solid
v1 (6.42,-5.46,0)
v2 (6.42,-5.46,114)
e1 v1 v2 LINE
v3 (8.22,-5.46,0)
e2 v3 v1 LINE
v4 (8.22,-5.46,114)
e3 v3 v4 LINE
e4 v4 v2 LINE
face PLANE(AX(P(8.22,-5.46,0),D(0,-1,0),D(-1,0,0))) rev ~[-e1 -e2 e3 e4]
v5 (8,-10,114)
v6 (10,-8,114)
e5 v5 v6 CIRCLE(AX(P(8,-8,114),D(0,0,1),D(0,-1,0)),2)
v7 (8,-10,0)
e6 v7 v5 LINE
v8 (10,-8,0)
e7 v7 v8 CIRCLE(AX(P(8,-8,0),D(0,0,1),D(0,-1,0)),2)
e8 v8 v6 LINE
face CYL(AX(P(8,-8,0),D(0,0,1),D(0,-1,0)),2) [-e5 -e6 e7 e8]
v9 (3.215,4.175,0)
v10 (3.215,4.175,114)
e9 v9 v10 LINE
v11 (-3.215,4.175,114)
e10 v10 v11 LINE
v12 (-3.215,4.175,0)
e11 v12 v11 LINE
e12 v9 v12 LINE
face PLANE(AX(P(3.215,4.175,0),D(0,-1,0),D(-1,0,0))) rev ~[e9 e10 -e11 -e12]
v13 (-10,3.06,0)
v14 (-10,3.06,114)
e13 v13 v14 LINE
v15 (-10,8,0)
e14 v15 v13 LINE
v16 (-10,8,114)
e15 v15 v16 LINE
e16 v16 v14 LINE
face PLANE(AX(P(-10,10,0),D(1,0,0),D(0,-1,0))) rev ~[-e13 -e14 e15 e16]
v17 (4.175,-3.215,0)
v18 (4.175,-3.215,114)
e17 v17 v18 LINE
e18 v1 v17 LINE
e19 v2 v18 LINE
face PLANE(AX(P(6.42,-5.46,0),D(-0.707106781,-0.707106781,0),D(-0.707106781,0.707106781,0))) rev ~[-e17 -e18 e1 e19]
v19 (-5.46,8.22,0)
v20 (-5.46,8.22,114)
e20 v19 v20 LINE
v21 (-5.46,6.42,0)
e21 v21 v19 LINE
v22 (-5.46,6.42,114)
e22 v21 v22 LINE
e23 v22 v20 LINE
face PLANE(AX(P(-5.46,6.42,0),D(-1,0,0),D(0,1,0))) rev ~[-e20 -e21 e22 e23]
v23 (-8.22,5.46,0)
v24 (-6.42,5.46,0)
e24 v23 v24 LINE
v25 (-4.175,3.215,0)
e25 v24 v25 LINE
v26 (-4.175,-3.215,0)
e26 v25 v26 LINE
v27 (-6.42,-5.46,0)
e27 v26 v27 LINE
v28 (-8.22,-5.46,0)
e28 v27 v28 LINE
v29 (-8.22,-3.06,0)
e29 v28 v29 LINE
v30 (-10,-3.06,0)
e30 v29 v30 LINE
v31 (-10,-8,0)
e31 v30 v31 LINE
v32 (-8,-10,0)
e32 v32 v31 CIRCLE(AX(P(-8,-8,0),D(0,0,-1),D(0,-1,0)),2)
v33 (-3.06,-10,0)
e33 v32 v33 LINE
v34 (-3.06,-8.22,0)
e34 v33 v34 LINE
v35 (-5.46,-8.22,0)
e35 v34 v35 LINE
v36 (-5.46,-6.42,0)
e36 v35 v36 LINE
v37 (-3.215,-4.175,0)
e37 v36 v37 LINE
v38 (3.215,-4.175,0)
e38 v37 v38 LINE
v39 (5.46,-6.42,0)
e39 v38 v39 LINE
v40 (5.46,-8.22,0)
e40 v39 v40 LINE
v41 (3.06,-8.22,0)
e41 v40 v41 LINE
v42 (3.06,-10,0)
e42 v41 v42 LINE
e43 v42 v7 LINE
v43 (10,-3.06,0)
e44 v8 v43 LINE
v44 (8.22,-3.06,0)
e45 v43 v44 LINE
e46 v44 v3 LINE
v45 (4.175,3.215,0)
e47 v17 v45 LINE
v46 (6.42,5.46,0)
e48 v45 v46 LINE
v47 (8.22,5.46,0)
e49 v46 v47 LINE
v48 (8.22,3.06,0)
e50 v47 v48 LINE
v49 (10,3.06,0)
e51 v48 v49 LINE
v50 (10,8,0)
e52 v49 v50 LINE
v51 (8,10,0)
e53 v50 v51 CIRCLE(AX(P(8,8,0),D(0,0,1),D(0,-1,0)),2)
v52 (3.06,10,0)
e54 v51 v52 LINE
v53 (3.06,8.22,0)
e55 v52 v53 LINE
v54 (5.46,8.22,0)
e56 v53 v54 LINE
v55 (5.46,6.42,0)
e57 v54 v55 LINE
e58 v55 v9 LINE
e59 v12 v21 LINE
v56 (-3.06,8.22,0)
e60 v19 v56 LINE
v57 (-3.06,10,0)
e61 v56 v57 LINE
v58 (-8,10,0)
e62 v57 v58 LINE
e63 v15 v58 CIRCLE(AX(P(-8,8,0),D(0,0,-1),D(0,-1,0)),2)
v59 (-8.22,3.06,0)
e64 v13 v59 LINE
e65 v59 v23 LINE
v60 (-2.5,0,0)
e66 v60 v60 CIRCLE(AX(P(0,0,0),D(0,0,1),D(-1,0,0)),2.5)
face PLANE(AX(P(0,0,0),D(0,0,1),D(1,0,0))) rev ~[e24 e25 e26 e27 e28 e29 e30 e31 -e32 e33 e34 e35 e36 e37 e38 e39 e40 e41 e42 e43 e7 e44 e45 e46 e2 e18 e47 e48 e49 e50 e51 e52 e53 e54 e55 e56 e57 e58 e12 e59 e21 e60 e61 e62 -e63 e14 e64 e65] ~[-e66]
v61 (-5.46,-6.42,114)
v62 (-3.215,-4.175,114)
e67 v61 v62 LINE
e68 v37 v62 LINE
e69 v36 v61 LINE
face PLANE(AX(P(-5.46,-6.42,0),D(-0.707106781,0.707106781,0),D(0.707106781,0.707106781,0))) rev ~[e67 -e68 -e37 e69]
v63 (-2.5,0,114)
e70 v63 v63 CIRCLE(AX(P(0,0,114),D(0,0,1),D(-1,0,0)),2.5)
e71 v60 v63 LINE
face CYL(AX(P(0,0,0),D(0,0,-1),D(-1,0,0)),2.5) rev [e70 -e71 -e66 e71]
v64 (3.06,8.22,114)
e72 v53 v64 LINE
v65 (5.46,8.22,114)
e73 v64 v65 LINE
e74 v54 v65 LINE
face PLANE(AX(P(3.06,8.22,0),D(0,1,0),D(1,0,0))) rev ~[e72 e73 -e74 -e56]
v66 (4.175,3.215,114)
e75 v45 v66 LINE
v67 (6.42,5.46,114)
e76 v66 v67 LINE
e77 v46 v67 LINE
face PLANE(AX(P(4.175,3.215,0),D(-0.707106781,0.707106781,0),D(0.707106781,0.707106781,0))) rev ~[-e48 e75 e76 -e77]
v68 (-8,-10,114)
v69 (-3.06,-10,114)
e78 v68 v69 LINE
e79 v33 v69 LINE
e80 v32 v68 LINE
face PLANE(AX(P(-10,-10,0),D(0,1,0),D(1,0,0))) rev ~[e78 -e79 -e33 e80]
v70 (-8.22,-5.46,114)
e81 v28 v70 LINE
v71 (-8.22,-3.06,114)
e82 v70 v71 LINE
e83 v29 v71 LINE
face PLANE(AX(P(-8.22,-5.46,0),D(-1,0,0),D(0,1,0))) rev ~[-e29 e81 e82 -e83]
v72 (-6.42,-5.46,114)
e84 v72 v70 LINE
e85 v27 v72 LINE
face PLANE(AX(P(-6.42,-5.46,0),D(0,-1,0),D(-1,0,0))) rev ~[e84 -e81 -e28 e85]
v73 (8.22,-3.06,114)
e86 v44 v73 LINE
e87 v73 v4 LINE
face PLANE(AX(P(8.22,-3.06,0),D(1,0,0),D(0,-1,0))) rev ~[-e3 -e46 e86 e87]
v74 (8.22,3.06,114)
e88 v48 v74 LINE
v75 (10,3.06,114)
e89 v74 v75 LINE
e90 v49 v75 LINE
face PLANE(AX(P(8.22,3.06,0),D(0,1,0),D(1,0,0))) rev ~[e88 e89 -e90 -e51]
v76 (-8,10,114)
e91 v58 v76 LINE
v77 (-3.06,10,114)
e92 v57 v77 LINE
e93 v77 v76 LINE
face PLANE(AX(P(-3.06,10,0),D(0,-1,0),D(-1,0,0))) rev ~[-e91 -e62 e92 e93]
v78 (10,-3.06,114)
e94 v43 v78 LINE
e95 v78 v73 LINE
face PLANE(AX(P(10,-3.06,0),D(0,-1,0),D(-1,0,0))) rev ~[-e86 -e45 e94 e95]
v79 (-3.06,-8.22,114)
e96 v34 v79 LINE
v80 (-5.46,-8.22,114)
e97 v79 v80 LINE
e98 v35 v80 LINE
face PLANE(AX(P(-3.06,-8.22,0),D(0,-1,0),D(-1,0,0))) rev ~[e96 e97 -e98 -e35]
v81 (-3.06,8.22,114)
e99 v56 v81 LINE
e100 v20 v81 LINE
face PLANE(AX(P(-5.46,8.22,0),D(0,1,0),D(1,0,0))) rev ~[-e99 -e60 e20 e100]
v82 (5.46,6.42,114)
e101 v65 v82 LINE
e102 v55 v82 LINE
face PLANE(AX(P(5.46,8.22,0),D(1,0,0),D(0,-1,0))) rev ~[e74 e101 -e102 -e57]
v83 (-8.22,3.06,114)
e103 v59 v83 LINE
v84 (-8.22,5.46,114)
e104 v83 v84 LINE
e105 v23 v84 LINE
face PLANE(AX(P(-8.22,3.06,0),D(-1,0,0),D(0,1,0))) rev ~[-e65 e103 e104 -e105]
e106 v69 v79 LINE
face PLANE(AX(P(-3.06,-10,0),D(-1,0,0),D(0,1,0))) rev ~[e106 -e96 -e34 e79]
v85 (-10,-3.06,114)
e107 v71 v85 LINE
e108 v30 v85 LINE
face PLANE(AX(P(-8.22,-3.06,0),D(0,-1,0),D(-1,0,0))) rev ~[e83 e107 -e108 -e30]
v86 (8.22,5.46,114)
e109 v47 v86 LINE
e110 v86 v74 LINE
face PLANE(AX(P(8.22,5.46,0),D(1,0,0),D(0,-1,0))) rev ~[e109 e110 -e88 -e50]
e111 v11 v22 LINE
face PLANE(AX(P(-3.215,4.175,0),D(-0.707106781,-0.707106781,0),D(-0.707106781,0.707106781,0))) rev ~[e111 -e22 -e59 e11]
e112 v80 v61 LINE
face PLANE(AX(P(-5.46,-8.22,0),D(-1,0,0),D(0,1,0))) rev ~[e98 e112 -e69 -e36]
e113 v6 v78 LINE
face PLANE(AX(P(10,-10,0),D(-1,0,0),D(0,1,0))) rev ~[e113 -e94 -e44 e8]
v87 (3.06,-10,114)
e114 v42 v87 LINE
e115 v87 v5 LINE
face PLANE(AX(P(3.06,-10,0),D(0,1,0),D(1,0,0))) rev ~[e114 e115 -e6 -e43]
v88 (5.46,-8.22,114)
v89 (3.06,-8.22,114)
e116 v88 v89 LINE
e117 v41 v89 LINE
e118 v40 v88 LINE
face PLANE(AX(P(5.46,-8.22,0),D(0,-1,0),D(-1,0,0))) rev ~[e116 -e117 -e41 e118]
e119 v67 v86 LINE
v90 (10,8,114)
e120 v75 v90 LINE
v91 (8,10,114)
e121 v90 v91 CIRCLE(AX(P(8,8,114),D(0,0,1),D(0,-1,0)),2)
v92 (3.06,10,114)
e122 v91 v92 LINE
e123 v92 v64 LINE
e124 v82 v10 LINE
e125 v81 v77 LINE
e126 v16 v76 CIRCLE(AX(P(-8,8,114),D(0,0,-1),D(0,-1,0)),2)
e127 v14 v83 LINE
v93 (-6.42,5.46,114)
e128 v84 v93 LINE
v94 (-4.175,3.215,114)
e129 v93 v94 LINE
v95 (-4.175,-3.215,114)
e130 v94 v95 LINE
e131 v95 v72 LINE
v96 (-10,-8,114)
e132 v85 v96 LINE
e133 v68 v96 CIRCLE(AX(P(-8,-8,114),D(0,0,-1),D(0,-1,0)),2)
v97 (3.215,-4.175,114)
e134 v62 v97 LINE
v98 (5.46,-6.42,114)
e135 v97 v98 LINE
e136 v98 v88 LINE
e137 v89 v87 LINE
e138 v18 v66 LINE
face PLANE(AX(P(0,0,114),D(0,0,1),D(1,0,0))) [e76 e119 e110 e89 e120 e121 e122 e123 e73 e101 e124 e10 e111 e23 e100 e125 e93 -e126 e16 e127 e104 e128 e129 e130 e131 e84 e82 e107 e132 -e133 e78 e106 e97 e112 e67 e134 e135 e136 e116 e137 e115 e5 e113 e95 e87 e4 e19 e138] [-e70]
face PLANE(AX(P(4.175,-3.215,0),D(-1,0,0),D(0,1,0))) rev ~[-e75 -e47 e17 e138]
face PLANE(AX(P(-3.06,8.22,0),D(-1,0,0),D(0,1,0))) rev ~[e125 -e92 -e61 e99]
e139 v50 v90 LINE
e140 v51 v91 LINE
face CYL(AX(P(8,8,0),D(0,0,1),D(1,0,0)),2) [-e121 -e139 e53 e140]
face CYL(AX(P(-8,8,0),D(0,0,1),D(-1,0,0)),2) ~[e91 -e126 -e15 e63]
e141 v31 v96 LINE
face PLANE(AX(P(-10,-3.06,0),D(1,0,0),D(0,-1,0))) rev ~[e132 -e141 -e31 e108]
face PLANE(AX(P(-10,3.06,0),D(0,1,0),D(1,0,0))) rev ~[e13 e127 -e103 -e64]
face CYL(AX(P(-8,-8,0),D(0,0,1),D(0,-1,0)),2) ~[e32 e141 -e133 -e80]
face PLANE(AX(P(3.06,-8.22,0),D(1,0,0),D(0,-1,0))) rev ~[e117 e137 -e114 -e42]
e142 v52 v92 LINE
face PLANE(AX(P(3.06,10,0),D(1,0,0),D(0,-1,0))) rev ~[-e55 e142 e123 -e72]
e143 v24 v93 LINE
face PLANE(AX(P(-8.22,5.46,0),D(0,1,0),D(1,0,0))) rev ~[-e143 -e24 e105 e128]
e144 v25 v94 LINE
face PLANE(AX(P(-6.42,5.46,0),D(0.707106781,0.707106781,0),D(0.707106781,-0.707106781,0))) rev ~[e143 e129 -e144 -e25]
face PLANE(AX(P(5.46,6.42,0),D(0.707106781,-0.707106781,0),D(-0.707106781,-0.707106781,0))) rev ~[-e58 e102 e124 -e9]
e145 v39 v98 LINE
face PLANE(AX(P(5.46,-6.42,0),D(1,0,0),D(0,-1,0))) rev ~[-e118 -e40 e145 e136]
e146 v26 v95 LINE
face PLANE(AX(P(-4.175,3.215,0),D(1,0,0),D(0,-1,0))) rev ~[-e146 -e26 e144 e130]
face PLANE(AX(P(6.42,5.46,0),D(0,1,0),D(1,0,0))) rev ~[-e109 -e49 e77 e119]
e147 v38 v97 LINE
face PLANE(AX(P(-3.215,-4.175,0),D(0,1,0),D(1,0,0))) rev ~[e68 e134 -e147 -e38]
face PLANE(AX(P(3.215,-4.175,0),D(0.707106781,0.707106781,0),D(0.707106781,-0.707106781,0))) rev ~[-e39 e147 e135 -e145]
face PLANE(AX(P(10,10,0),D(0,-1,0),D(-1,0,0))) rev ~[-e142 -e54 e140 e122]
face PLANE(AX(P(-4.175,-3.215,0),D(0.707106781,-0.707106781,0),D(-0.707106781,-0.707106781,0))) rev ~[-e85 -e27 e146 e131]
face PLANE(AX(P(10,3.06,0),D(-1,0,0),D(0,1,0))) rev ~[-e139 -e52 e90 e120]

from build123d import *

# Parameters (mm, degrees)
SKETCH1_R           = 2.5
BOSS_EXTRUDE1_DEPTH = 114
FILLET1_R           = 2


with BuildPart() as part:
    # Sketch1 → Boss-Extrude1 (new body)
    with BuildSketch(Plane.XY):
        Polygon((-5.46, -6.42), (-3.215, -4.175), (3.215, -4.175), (5.46, -6.42), (5.46, -8.22), (3.06, -8.22), (3.06, -10), (10, -10), (10, -3.06), (8.22, -3.06), (8.22, -5.46), (6.42, -5.46), (4.175, -3.215), (4.175, 3.215), (6.42, 5.46), (8.22, 5.46), (8.22, 3.06), (10, 3.06), (10, 10), (3.06, 10), (3.06, 8.22), (5.46, 8.22), (5.46, 6.42), (3.215, 4.175), (-3.215, 4.175), (-5.46, 6.42), (-5.46, 8.22), (-3.06, 8.22), (-3.06, 10), (-10, 10), (-10, 3.06), (-8.22, 3.06), (-8.22, 5.46), (-6.42, 5.46), (-4.175, 3.215), (-4.175, -3.215), (-6.42, -5.46), (-8.22, -5.46), (-8.22, -3.06), (-10, -3.06), (-10, -10), (-3.06, -10), (-3.06, -8.22), (-5.46, -8.22), align=None)
        with Locations(Location((0, 0, 0), (0, 0, 180))):
            Circle(SKETCH1_R, mode=Mode.SUBTRACT)
    extrude(amount=BOSS_EXTRUDE1_DEPTH)

    # Fillet1
    fillet1_edges = [part.edges().sort_by_distance(p)[0] for p in [
        (10, -10, 57),
        (-10, -10, 57),
        (-10, 10, 57),
        (10, 10, 57),
    ]]
    fillet(fillet1_edges, radius=FILLET1_R)


solid = part.part
